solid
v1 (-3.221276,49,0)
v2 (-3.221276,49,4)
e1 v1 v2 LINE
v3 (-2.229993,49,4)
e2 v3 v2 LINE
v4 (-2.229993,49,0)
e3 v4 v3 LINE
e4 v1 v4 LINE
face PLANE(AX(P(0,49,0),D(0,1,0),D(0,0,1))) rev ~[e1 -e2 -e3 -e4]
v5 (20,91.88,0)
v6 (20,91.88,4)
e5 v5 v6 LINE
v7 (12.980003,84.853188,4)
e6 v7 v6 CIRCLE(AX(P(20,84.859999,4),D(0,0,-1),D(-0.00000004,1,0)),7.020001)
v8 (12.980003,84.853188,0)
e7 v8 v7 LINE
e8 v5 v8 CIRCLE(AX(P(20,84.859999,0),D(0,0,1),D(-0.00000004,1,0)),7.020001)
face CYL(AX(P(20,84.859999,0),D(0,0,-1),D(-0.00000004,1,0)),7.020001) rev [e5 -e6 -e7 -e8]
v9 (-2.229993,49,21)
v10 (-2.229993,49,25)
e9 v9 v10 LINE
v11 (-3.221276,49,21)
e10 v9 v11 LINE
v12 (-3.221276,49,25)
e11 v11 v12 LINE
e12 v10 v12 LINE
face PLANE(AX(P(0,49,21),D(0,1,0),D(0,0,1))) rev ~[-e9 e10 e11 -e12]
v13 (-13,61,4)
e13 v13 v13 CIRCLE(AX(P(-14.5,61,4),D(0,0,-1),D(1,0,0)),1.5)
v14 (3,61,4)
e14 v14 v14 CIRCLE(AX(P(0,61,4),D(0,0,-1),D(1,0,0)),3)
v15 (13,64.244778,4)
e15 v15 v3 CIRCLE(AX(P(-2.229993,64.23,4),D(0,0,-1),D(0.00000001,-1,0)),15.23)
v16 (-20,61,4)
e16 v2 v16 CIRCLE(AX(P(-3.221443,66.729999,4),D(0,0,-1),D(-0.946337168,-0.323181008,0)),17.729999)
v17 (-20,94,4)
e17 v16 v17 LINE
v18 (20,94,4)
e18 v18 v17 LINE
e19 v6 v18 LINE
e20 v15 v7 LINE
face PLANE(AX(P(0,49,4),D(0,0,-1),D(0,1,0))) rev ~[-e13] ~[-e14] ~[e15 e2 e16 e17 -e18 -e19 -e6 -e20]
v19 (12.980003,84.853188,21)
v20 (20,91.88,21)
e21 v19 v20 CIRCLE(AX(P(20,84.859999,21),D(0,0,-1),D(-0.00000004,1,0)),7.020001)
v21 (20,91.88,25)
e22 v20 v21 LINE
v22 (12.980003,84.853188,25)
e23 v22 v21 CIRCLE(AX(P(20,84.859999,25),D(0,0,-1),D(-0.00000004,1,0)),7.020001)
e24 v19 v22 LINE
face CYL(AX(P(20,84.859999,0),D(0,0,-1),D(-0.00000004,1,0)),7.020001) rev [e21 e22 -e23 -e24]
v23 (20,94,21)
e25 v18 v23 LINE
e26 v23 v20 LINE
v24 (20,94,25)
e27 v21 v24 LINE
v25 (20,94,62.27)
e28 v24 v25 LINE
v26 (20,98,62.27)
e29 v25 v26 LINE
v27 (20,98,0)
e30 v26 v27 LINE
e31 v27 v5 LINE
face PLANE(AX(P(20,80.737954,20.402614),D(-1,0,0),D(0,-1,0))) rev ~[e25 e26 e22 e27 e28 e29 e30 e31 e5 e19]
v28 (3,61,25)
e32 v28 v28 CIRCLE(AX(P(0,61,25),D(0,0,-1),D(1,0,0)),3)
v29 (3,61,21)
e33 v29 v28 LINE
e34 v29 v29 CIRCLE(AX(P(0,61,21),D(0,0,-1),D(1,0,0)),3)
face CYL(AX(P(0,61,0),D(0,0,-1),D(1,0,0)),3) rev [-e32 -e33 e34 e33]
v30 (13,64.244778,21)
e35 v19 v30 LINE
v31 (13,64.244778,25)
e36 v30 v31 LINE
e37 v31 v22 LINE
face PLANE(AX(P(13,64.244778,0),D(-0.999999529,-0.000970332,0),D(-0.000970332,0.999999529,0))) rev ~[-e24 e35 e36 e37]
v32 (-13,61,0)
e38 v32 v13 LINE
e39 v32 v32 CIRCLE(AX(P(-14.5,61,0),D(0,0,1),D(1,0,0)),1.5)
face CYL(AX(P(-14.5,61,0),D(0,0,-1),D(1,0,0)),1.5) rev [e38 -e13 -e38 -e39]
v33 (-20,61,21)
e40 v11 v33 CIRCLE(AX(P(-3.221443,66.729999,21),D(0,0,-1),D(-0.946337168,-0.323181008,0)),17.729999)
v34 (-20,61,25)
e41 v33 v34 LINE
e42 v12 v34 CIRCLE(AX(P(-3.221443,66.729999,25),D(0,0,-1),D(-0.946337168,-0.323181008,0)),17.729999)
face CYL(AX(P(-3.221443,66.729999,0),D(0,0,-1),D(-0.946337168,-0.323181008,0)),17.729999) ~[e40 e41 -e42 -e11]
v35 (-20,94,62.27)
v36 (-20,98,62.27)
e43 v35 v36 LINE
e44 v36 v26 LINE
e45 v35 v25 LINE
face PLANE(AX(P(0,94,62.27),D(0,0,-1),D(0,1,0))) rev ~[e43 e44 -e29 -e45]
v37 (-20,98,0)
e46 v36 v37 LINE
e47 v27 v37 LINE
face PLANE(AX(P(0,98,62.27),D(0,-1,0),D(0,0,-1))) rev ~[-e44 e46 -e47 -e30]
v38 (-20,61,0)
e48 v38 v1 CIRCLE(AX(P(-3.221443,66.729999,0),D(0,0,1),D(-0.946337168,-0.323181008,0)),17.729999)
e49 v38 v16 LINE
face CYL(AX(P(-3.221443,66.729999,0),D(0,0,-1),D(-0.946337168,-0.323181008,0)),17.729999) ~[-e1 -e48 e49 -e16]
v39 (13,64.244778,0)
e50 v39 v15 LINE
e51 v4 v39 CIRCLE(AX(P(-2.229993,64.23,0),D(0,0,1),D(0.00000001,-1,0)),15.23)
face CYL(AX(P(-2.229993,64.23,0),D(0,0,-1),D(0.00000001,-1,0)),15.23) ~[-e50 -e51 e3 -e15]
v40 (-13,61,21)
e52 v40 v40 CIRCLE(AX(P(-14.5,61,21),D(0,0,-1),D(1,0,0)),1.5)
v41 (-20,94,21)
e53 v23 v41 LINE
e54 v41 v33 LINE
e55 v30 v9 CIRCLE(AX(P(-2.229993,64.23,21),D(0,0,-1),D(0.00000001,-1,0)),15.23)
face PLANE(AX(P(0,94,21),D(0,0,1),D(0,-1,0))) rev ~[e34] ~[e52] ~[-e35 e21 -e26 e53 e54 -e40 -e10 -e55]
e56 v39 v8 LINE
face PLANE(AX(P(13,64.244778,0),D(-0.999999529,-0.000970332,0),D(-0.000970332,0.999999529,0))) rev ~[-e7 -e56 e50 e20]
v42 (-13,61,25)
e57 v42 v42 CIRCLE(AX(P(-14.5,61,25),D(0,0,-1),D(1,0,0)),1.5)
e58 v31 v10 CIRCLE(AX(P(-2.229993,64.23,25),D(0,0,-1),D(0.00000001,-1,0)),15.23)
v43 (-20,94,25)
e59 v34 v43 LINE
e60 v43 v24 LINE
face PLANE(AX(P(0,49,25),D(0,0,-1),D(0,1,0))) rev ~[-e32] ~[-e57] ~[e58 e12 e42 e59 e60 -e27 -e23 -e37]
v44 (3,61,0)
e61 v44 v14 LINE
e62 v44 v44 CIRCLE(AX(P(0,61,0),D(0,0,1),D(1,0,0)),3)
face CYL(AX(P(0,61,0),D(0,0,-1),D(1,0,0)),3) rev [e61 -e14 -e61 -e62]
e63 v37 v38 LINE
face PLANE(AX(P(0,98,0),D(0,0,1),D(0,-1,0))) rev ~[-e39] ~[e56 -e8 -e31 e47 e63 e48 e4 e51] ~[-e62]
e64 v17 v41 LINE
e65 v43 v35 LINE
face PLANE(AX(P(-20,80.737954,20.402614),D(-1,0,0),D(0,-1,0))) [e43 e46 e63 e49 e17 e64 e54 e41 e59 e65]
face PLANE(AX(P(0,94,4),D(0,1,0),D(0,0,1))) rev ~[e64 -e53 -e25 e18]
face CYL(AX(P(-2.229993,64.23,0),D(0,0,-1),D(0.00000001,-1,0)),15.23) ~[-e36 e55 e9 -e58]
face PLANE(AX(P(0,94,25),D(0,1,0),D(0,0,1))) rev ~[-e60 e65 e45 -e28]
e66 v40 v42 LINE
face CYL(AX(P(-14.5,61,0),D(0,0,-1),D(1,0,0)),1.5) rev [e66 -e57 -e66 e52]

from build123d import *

# Parameters (mm, degrees)
PAD009_DEPTH         = 20
SKETCH017_R          = 3
POCKET005_DEPTH      = 62.271
SKETCH018_R          = 1.5
POCKET006_DEPTH      = 0.001
POCKET006_DEPTH_BACK = 62.271


with BuildPart() as part:
    # Sketch016 → Pad009 (new body, symmetric)
    with BuildSketch(Plane.YZ):
        Polygon((0, 62.27), (0, 0), (-49, 0), (-49, 4), (-4, 4), (-4, 21), (-49, 21), (-49, 25), (-4, 25), (-4, 62.27), align=None)
    extrude(amount=PAD009_DEPTH, both=True)

    # Sketch017 → Pocket005 (cut, through all)
    with BuildSketch(Plane.XY):
        with Locations((0, -37)):
            Circle(SKETCH017_R)
    extrude(amount=POCKET005_DEPTH, mode=Mode.SUBTRACT)

    # Sketch018 → Pocket006 (cut, two sides)
    with BuildSketch(Plane.XY) as pocket006_sk:
        with Locations((-14.5, -37)):
            Circle(SKETCH018_R)
        with BuildLine():
            ThreePointArc((-20, -37), (-13.535443, -45.691314), (-3.221276, -49))
            Line((-3.221276, -49), (-2.229993, -49))
            ThreePointArc((-2.229993, -49), (8.544467, -44.53401), (13, -33.755222))
            Line((13, -33.755222), (12.980003, -13.146812))
            ThreePointArc((20, -6.12), (15.033703, -8.178519), (12.980003, -13.146812))
            Line((20, -6.12), (20, -54.21))
            Line((20, -54.21), (-20, -54.21))
            Line((-20, -37), (-20, -54.21))
        make_face()
    extrude(amount=-POCKET006_DEPTH, mode=Mode.SUBTRACT)
    extrude(pocket006_sk.sketch, amount=POCKET006_DEPTH_BACK, mode=Mode.SUBTRACT)


with BuildPart() as part_1:
    # Body004 placement: moved
    add(part.part.moved(Location((0, 98, 0))))


solid = part_1.part
